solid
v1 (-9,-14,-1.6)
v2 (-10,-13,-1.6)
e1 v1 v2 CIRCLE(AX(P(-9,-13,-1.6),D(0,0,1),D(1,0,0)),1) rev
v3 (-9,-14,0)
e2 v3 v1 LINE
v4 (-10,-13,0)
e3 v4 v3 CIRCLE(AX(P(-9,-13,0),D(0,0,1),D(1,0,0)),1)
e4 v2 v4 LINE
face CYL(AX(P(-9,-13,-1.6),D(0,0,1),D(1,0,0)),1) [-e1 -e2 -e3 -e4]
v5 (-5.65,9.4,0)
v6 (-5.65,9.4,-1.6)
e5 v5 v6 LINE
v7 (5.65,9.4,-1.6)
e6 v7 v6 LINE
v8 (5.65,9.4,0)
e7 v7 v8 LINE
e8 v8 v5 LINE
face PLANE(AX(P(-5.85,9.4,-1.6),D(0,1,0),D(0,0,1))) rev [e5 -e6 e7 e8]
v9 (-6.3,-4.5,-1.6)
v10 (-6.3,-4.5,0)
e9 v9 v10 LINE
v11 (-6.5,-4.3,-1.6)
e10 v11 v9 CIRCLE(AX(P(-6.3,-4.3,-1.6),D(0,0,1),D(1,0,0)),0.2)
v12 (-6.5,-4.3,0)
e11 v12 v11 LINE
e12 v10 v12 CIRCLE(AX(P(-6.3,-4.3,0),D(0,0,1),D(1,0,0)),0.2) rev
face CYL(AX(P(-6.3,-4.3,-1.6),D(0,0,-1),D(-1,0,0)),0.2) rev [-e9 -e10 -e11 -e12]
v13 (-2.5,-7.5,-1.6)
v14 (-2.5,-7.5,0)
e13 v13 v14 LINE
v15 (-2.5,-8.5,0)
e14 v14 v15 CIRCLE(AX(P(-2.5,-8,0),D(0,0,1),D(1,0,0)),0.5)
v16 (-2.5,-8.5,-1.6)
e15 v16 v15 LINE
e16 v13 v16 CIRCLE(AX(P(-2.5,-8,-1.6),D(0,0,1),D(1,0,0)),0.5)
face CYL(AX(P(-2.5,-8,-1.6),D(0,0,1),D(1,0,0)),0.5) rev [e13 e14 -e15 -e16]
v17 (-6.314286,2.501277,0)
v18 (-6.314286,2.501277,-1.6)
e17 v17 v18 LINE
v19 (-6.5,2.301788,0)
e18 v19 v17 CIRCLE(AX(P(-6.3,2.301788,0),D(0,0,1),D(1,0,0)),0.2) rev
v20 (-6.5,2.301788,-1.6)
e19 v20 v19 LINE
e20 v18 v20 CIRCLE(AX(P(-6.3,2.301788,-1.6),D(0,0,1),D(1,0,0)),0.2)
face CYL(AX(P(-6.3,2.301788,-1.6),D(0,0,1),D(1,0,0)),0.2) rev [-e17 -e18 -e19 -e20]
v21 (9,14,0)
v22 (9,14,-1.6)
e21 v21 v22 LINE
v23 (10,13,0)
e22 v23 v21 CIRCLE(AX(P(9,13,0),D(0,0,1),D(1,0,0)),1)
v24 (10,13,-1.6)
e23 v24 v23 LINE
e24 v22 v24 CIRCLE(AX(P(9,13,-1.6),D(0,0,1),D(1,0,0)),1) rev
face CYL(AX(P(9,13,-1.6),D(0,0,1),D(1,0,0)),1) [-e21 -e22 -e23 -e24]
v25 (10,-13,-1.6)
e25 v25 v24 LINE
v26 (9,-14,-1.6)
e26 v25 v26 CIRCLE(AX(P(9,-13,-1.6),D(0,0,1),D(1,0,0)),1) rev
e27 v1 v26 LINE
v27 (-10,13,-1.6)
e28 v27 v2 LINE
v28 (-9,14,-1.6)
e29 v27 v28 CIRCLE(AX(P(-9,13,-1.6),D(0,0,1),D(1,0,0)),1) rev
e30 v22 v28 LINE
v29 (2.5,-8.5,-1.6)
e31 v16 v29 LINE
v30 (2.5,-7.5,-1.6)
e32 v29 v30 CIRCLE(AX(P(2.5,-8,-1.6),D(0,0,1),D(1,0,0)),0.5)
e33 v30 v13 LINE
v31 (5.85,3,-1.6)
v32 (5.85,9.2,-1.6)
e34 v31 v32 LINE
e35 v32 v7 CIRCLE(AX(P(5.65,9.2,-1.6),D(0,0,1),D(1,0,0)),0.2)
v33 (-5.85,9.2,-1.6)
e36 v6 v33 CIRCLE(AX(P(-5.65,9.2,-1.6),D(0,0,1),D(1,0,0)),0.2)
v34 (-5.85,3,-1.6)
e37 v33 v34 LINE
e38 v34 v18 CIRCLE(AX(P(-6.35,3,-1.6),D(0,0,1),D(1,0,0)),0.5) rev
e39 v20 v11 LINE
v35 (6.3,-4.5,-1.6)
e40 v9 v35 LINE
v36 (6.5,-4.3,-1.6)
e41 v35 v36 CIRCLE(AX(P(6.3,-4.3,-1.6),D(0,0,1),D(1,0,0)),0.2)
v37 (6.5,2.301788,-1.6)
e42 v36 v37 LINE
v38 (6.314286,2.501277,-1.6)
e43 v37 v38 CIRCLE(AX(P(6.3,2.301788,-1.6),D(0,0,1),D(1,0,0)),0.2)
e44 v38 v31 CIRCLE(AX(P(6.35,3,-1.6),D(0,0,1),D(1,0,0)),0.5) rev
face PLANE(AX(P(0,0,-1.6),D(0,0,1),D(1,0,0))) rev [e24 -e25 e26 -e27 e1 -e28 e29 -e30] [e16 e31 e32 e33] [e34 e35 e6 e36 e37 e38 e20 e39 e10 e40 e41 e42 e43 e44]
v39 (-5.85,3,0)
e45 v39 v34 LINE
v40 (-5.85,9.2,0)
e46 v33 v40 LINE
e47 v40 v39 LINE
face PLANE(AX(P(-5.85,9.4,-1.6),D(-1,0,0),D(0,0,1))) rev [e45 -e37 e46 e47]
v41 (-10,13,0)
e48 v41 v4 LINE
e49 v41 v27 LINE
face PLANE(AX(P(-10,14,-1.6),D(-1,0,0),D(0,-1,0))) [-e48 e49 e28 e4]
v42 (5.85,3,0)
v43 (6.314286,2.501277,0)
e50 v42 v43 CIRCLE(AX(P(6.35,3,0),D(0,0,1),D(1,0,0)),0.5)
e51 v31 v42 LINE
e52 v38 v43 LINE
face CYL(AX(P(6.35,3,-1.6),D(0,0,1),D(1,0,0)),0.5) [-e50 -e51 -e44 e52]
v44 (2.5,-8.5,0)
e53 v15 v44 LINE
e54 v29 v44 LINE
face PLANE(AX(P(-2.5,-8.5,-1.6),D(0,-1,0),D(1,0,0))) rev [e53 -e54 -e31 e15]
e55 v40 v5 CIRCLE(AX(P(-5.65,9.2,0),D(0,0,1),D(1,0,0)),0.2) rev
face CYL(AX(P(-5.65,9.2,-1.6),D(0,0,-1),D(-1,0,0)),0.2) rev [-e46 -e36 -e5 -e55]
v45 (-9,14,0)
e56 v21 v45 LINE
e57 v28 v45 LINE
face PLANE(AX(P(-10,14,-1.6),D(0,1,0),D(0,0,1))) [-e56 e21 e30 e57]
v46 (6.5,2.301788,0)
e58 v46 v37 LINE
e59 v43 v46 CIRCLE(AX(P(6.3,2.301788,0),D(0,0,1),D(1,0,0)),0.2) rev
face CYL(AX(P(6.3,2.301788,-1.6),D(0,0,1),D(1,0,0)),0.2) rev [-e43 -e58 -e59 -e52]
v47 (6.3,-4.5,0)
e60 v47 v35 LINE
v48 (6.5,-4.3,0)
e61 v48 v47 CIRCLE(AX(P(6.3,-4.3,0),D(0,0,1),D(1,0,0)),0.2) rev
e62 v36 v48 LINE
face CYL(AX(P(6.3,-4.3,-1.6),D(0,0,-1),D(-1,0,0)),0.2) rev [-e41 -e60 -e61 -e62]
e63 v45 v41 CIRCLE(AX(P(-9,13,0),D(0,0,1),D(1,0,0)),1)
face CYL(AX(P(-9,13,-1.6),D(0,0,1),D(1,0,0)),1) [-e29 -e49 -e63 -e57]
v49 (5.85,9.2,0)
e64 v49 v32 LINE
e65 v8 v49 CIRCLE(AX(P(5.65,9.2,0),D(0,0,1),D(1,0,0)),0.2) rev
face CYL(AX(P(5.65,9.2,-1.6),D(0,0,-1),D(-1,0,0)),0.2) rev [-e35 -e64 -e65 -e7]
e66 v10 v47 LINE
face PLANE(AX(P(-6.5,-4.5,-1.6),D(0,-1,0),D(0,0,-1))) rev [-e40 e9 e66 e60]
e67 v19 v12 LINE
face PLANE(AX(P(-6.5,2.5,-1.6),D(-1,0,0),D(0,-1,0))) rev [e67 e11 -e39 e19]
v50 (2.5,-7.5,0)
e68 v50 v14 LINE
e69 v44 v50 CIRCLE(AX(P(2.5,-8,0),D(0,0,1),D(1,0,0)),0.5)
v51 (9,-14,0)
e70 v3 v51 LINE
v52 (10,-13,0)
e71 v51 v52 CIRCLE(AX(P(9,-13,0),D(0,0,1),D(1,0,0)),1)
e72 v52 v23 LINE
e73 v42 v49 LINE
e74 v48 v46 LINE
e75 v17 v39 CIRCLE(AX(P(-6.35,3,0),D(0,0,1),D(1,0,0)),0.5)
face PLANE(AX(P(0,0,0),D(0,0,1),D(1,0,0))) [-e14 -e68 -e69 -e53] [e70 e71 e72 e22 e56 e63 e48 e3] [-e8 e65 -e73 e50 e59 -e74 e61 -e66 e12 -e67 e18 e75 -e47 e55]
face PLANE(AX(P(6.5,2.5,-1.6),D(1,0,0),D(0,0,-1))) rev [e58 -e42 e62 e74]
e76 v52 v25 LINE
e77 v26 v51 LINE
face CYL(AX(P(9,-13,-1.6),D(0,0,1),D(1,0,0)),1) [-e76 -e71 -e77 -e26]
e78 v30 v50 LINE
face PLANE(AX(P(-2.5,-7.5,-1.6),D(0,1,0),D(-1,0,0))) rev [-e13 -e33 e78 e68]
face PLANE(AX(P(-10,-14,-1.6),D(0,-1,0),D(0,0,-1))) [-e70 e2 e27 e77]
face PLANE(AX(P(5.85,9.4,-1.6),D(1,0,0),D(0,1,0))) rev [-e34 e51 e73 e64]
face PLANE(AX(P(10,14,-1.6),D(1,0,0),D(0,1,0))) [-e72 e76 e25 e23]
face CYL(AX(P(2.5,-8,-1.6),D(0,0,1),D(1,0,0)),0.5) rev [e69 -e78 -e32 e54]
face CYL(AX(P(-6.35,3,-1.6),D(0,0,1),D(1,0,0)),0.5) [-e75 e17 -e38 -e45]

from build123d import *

# Parameters (mm, degrees)
MAINBODYS_W                = 20
MAINBODYS_H                = 28
MAIN_BODY_DEPTH            = 1.6
GROUND_CUT_DEPTH           = 18.278888853
MIDCUTS_W                  = 13
MIDCUTS_H                  = 7
MID_CUT_DEPTH              = 18.278888853
TOPPOWERACCESSCUTS_W       = 11.7
TOPPOWERACCESSCUTS_H       = 6.9
TOP_POWER_ACCESS_CUT_DEPTH = 18.278888853
MC_FILLET_R                = 0.5
ALL_INNER_CUTS_FILLETS_R   = 0.2
OUTER_FILLETS_R            = 1


with BuildPart() as part:
    # MainBodyS → MAIN BODY (new body)
    with BuildSketch(Plane.XY):
        Rectangle(MAINBODYS_W, MAINBODYS_H)
    extrude(amount=-MAIN_BODY_DEPTH)

    # GroundCutS → GROUND CUT (cut, through all)
    with BuildSketch(Plane.XY):
        with BuildLine():
            Line((-2.5, -7.5), (2.5, -7.5))
            ThreePointArc((2.5, -7.5), (3, -8), (2.5, -8.5))
            Line((2.5, -8.5), (-2.5, -8.5))
            ThreePointArc((-2.5, -8.5), (-3, -8), (-2.5, -7.5))
        make_face()
    extrude(amount=-GROUND_CUT_DEPTH, mode=Mode.SUBTRACT)

    # MidCutS → MID CUT (cut, through all)
    with BuildSketch(Plane.XY):
        with Locations((0, -1)):
            Rectangle(MIDCUTS_W, MIDCUTS_H)
    extrude(amount=-MID_CUT_DEPTH, mode=Mode.SUBTRACT)

    # TopPowerAccessCutS → TOP POWER ACCESS CUT (cut, through all)
    with BuildSketch(Plane.XY):
        with Locations((0, 5.95)):
            Rectangle(TOPPOWERACCESSCUTS_W, TOPPOWERACCESSCUTS_H)
    extrude(amount=-TOP_POWER_ACCESS_CUT_DEPTH, mode=Mode.SUBTRACT)

    # MC FILLET
    mc_fillet_edges = [part.edges().sort_by_distance(p)[0] for p in [
        (5.85, 2.5, -0.8),
        (-5.85, 2.5, -0.8),
    ]]
    fillet(mc_fillet_edges, radius=MC_FILLET_R)

    # ALL INNER CUTS FILLETS
    all_inner_cuts_fillets_edges = [part.edges().sort_by_distance(p)[0] for p in [
        (-6.5, -4.5, -0.8),
        (6.5, -4.5, -0.8),
        (6.5, 2.5, -0.8),
        (-6.5, 2.5, -0.8),
        (-5.85, 9.4, -0.8),
        (5.85, 9.4, -0.8),
    ]]
    fillet(all_inner_cuts_fillets_edges, radius=ALL_INNER_CUTS_FILLETS_R)

    # OUTER FILLETS
    outer_fillets_edges = [part.edges().sort_by_distance(p)[0] for p in [
        (10, -14, -0.8),
        (-10, -14, -0.8),
        (-10, 14, -0.8),
        (10, 14, -0.8),
    ]]
    fillet(outer_fillets_edges, radius=OUTER_FILLETS_R)


solid = part.part
